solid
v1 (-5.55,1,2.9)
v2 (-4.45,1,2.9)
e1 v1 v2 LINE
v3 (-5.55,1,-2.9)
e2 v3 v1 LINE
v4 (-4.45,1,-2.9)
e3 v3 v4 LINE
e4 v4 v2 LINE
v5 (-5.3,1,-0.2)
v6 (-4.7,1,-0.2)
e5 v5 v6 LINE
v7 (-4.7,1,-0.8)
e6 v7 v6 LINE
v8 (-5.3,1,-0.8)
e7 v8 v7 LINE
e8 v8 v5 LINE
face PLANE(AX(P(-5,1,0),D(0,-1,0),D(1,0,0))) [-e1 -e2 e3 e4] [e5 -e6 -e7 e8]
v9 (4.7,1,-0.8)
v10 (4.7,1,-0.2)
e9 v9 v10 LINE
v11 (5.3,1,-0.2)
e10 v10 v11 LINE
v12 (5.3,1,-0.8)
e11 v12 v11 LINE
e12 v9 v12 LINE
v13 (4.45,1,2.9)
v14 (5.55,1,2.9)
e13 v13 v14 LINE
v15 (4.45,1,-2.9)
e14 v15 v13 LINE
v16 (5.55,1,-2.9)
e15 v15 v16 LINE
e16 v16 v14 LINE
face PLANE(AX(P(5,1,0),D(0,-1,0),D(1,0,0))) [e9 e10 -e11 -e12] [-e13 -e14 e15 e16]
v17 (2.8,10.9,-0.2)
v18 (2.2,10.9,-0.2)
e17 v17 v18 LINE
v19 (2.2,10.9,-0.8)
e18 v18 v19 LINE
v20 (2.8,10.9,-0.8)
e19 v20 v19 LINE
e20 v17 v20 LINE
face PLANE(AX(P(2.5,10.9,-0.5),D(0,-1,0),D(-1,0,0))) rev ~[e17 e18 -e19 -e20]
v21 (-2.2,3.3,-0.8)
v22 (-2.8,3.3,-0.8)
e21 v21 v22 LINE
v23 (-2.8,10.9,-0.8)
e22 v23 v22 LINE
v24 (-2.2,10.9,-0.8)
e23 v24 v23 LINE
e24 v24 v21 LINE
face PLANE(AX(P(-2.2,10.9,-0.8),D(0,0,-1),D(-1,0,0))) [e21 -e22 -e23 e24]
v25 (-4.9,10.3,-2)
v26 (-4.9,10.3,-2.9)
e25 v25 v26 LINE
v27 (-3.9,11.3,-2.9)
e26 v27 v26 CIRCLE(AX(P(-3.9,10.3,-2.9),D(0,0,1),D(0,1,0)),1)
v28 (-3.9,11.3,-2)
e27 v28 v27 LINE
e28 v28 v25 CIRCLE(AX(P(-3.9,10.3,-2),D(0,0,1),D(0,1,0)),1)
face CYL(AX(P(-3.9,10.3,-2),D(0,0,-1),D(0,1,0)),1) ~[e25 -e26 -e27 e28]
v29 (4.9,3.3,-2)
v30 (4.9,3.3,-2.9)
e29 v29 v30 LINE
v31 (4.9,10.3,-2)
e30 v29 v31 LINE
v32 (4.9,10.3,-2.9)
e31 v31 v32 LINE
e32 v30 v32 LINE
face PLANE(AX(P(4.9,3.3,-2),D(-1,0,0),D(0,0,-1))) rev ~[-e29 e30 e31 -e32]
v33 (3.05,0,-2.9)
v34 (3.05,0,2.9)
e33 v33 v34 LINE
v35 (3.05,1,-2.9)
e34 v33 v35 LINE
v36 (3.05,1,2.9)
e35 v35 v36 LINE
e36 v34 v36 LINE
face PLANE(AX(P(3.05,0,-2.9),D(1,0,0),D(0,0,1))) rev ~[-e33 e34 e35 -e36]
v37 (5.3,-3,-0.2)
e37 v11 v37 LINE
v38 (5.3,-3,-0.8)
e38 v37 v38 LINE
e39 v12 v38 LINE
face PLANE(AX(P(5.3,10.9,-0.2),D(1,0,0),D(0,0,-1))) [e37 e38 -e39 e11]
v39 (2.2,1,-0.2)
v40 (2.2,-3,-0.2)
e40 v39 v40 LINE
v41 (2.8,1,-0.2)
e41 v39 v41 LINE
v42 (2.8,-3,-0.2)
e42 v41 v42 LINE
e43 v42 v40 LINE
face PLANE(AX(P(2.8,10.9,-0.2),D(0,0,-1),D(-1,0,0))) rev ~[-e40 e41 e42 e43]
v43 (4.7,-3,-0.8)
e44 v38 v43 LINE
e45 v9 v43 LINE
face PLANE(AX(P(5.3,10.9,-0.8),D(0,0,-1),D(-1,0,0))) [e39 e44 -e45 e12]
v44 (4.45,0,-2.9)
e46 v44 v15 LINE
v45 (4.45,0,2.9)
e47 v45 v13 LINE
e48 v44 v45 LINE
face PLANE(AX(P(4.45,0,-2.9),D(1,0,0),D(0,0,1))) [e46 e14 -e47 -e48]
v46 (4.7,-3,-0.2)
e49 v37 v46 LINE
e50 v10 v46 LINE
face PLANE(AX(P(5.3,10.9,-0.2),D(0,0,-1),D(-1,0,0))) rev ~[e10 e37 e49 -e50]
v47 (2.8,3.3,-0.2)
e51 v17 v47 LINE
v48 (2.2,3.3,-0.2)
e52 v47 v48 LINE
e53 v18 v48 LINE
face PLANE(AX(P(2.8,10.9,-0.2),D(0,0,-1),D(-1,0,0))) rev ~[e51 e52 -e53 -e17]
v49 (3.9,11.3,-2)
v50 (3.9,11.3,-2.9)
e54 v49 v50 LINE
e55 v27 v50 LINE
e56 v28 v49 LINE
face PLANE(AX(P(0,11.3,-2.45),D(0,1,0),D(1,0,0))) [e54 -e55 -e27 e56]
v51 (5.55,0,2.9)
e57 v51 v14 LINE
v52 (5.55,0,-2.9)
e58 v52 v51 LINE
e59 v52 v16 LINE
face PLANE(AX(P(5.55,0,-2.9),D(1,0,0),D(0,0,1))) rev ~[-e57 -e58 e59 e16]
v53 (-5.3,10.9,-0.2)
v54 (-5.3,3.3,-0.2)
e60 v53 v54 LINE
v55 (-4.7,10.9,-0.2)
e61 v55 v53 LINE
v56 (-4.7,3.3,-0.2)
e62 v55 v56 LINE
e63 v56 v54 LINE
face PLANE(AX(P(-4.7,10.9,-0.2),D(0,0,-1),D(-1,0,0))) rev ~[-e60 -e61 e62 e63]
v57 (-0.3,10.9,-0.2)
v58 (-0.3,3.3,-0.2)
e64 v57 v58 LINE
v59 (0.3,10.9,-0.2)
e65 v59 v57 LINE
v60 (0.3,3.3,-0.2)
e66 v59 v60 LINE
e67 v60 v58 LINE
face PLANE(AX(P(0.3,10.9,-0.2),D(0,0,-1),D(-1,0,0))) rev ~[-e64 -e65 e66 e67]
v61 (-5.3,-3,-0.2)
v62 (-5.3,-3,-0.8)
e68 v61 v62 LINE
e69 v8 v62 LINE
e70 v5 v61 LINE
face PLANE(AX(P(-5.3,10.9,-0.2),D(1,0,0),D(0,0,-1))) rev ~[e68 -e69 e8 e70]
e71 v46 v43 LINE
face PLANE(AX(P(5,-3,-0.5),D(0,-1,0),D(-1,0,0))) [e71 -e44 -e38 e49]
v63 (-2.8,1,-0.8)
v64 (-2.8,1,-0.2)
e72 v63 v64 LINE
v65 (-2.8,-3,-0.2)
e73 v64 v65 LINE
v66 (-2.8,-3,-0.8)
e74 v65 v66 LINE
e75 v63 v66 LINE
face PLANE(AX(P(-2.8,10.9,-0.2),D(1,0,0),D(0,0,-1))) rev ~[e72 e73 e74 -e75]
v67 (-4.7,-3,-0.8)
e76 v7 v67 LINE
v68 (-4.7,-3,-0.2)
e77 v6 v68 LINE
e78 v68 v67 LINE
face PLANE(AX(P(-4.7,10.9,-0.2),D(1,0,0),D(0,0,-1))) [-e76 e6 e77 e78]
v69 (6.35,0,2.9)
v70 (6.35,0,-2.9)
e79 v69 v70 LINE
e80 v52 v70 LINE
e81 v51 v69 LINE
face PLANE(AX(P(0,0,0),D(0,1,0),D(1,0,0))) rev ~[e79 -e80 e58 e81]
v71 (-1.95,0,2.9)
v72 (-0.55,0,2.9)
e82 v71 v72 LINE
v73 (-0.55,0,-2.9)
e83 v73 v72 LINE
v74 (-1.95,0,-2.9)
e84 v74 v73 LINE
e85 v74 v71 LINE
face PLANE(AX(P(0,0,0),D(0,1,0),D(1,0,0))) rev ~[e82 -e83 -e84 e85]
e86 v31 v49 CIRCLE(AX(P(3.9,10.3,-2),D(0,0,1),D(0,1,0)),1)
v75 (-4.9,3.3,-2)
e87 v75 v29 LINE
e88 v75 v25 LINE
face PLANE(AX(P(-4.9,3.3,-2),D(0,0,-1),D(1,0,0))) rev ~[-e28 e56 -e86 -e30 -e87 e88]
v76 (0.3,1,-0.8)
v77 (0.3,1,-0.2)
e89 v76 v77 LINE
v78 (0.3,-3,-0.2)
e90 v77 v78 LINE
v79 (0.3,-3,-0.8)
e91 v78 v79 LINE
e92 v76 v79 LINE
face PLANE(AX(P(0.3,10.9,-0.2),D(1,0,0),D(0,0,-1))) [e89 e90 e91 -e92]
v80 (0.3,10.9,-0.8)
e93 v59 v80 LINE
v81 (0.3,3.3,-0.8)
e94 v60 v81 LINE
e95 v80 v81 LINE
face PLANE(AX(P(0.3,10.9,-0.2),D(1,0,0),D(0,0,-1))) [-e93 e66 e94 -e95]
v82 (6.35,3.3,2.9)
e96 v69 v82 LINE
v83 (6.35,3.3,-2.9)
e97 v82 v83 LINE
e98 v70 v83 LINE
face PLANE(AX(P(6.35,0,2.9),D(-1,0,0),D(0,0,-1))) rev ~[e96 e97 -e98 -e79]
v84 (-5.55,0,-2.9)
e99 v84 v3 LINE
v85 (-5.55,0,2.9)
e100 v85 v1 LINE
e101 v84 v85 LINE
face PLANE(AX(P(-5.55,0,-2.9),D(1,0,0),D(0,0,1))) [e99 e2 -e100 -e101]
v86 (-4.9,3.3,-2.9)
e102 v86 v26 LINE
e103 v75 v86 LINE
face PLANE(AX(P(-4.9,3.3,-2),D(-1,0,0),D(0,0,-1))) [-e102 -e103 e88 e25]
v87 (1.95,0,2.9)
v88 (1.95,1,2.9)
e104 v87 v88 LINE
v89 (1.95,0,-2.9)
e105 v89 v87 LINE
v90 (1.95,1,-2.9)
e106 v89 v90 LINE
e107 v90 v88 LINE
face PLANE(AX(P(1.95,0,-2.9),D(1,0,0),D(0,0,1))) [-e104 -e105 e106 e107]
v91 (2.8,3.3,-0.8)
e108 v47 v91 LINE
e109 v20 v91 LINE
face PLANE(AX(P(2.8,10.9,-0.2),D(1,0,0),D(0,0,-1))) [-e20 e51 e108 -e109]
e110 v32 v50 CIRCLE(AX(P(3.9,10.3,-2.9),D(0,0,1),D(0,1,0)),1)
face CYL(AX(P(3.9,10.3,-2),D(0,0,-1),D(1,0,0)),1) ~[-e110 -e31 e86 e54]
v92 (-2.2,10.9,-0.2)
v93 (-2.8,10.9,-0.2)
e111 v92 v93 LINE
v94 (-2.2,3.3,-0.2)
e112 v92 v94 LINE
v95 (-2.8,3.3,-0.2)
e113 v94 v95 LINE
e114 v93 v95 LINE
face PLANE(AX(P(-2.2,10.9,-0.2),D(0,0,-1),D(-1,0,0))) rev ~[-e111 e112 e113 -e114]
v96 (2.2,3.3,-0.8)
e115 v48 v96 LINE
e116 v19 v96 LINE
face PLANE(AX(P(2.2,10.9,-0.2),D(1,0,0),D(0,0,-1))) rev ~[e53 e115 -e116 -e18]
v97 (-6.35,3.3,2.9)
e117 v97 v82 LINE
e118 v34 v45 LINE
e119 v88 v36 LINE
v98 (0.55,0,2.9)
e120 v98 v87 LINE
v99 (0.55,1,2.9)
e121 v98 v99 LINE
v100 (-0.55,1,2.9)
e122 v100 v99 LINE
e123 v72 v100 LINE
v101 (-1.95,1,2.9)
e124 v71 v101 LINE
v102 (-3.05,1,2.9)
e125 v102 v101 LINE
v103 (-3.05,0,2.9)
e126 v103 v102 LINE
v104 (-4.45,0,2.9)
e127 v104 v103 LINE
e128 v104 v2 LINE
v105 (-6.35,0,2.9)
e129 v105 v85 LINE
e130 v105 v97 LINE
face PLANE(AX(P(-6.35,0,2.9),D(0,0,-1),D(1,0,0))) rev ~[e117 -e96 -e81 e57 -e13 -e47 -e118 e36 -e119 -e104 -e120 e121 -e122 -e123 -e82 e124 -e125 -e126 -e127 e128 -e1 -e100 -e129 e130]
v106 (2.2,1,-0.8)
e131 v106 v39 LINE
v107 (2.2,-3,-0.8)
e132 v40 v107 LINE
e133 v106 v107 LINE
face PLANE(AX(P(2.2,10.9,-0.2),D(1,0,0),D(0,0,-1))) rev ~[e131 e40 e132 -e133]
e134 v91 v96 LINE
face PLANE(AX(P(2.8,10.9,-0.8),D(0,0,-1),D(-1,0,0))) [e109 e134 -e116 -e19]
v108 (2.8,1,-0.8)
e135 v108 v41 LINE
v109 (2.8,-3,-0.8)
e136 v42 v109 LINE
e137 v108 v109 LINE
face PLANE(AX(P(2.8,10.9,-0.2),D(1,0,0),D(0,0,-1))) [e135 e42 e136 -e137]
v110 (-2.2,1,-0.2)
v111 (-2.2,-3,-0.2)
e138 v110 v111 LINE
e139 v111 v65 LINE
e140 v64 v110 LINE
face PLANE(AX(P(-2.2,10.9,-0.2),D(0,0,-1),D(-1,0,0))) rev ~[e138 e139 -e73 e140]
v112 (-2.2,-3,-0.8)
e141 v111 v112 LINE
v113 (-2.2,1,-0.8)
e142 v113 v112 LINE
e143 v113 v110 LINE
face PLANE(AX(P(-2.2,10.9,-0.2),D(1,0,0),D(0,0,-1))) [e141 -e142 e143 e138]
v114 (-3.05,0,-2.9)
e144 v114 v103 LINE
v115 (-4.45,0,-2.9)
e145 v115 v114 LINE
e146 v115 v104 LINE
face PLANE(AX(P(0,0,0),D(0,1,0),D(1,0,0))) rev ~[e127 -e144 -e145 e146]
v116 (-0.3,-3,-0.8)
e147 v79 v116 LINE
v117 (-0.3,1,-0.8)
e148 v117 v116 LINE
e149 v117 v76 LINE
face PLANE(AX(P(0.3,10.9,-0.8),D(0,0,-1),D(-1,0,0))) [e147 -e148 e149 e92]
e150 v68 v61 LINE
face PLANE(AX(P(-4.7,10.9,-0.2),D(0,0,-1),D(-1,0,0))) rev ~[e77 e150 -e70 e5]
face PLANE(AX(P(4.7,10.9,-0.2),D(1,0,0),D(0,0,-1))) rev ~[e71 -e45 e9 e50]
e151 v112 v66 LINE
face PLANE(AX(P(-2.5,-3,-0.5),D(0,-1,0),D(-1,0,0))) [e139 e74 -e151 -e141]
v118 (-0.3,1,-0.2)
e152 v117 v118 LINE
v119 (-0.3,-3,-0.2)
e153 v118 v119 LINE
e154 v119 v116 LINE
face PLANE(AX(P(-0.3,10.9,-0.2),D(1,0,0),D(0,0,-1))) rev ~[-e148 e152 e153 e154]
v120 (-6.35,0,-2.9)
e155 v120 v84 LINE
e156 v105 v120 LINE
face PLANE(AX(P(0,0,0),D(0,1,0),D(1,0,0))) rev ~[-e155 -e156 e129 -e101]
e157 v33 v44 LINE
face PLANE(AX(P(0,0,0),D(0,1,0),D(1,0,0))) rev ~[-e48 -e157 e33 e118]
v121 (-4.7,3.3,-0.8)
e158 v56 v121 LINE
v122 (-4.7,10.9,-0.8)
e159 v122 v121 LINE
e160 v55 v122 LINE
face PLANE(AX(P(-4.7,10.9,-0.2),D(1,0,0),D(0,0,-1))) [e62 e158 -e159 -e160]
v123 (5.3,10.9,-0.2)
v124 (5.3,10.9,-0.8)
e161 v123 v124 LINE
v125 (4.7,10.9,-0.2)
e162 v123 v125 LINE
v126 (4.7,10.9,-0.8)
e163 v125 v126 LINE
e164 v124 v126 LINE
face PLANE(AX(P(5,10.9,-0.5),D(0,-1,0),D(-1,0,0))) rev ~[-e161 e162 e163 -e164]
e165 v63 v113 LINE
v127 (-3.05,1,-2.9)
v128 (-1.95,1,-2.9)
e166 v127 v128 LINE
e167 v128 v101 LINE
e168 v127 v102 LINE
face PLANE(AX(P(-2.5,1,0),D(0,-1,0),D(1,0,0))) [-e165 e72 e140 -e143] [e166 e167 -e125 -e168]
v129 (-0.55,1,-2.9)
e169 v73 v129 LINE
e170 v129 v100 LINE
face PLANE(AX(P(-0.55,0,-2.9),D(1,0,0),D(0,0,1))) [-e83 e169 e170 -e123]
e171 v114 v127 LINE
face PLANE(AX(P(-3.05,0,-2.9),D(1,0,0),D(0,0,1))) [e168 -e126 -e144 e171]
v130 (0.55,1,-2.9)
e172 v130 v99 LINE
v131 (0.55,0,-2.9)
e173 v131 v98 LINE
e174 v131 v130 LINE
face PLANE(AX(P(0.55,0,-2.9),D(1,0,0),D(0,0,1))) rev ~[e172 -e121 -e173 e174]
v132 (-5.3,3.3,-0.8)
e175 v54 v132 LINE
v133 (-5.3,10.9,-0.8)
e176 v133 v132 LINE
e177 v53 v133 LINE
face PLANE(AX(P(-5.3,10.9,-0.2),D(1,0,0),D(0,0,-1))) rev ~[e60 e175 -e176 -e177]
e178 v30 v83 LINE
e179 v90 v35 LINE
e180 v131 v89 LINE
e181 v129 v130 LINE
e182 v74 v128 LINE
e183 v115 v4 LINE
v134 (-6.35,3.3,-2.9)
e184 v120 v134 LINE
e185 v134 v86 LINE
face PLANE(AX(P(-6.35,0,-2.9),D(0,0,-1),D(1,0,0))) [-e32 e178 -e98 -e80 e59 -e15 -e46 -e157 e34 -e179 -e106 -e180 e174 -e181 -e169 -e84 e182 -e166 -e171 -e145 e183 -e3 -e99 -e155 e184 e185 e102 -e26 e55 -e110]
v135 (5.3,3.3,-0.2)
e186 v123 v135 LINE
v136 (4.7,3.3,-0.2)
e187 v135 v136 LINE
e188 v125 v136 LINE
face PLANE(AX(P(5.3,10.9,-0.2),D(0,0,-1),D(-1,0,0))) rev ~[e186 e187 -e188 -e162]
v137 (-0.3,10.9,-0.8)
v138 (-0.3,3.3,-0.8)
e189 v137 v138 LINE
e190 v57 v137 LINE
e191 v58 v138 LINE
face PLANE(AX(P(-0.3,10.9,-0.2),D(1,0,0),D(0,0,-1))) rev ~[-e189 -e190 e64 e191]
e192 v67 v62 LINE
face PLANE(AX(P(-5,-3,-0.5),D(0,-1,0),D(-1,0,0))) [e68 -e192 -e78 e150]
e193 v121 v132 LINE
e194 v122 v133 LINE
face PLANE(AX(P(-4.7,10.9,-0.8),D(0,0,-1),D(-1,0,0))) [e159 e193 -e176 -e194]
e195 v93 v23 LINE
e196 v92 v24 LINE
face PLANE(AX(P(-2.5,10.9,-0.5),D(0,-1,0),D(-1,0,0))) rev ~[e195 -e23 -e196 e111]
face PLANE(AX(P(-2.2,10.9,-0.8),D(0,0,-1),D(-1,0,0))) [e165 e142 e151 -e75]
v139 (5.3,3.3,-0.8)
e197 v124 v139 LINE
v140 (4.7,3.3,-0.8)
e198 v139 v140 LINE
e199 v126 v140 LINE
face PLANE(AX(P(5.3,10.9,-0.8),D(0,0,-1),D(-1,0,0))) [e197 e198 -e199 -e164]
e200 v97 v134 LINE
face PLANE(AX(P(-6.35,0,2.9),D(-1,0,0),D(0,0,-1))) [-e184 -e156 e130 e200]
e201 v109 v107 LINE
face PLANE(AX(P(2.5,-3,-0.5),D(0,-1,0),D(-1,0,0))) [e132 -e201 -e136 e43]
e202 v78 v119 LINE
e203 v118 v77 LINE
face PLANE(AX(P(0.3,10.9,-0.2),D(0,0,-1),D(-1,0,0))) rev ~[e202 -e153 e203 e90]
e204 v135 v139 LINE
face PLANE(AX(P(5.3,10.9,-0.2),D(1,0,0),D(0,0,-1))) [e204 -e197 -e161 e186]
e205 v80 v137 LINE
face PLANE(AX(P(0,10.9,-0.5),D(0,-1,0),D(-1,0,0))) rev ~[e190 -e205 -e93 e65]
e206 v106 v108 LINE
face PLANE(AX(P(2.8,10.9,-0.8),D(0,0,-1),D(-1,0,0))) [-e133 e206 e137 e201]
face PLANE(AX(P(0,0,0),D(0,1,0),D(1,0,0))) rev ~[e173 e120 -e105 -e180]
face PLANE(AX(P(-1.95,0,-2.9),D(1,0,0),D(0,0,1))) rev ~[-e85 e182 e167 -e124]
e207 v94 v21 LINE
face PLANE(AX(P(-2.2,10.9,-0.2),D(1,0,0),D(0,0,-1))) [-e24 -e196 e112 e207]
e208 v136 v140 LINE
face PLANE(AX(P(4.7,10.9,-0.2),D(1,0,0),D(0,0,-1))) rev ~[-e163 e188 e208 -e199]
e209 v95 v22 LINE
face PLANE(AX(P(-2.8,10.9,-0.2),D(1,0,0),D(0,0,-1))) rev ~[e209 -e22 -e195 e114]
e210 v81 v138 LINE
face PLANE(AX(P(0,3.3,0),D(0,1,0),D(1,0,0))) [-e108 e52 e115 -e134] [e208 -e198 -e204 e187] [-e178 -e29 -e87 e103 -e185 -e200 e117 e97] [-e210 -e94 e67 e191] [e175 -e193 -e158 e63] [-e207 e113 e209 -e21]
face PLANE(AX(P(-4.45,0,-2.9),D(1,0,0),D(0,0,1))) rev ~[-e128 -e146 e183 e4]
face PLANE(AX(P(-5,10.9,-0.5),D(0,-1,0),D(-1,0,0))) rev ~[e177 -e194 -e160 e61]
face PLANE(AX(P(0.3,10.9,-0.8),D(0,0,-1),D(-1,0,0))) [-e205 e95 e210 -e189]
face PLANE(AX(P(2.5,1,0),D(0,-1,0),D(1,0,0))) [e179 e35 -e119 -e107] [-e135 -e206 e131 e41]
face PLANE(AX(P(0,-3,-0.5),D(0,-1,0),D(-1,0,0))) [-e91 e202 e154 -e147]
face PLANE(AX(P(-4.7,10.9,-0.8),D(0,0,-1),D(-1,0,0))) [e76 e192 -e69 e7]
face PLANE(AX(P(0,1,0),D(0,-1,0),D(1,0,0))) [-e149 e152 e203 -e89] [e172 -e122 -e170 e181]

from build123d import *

# Parameters (mm, degrees)
CROQUIS1_W                   = 12.7
CROQUIS1_H                   = 5.8
SALIENTE_EXTRUIR1_DEPTH      = 3.3
CROQUIS2_W                   = 9.8
CROQUIS2_H                   = 0.9
SALIENTE_EXTRUIR2_DEPTH      = 8
REDONDEO1_R                  = 1
REDONDEO2_R                  = 1
CROQUIS3_W                   = 1.1
CROQUIS3_H                   = 5.8
CORTAR_EXTRUIR1_DEPTH        = 1
SALIENTE_EXTRUIR3_DEPTH      = 4
SALIENTE_EXTRUIR3_DEPTH_BACK = 9.9
CROQUIS4_W                   = 0.6
CROQUIS4_H                   = 0.6


with BuildPart() as part:
    # Croquis1 → Saliente-Extruir1 (new body)
    with BuildSketch(Plane(origin=(0, 0, 0), x_dir=(1, 0, 0), z_dir=(0, 1, 0))):
        Rectangle(CROQUIS1_W, CROQUIS1_H)
    extrude(amount=SALIENTE_EXTRUIR1_DEPTH)

    # Croquis2 → Saliente-Extruir2 (add)
    with BuildSketch(Plane(origin=(0, 3.3, 0), x_dir=(1, 0, 0), z_dir=(0, 1, 0))):
        with Locations((0, 2.45)):
            Rectangle(CROQUIS2_W, CROQUIS2_H)
    extrude(amount=SALIENTE_EXTRUIR2_DEPTH)

    # Redondeo1
    redondeo1_edges = [part.edges().sort_by_distance(p)[0] for p in [
        (4.9, 11.3, -2.45),
    ]]
    fillet(redondeo1_edges, radius=REDONDEO1_R)

    # Redondeo2
    redondeo2_edges = [part.edges().sort_by_distance(p)[0] for p in [
        (-4.9, 11.3, -2.45),
    ]]
    fillet(redondeo2_edges, radius=REDONDEO2_R)

    # Croquis3 → Cortar-Extruir1 (cut)
    with BuildSketch(Plane.XZ):
        with Locations((-5, 0)):
            Rectangle(CROQUIS3_W, CROQUIS3_H)
        with Locations((-2.5, 0)):
            Rectangle(CROQUIS3_W, CROQUIS3_H)
        Rectangle(CROQUIS3_W, CROQUIS3_H)
        with Locations((2.5, 0)):
            Rectangle(CROQUIS3_W, CROQUIS3_H)
        with Locations((5, 0)):
            Rectangle(CROQUIS3_W, CROQUIS3_H)
    extrude(amount=-CORTAR_EXTRUIR1_DEPTH, mode=Mode.SUBTRACT)

    # Croquis4 → Saliente-Extruir3 (add, two sides: drawn at the far end of the back side and taken through both)
    with BuildSketch(Plane(origin=(0, 1, 0), x_dir=(-1, 0, 0), z_dir=(0, -1, 0)).offset(-SALIENTE_EXTRUIR3_DEPTH_BACK)):
        with Locations((5, 0.5)):
            Rectangle(CROQUIS4_W, CROQUIS4_H)
        with Locations((2.5, 0.5)):
            Rectangle(CROQUIS4_W, CROQUIS4_H)
        with Locations((0, 0.5)):
            Rectangle(CROQUIS4_W, CROQUIS4_H)
        with Locations((-2.5, 0.5)):
            Rectangle(CROQUIS4_W, CROQUIS4_H)
        with Locations((-5, 0.5)):
            Rectangle(CROQUIS4_W, CROQUIS4_H)
    extrude(amount=SALIENTE_EXTRUIR3_DEPTH + SALIENTE_EXTRUIR3_DEPTH_BACK)


solid = part.part
